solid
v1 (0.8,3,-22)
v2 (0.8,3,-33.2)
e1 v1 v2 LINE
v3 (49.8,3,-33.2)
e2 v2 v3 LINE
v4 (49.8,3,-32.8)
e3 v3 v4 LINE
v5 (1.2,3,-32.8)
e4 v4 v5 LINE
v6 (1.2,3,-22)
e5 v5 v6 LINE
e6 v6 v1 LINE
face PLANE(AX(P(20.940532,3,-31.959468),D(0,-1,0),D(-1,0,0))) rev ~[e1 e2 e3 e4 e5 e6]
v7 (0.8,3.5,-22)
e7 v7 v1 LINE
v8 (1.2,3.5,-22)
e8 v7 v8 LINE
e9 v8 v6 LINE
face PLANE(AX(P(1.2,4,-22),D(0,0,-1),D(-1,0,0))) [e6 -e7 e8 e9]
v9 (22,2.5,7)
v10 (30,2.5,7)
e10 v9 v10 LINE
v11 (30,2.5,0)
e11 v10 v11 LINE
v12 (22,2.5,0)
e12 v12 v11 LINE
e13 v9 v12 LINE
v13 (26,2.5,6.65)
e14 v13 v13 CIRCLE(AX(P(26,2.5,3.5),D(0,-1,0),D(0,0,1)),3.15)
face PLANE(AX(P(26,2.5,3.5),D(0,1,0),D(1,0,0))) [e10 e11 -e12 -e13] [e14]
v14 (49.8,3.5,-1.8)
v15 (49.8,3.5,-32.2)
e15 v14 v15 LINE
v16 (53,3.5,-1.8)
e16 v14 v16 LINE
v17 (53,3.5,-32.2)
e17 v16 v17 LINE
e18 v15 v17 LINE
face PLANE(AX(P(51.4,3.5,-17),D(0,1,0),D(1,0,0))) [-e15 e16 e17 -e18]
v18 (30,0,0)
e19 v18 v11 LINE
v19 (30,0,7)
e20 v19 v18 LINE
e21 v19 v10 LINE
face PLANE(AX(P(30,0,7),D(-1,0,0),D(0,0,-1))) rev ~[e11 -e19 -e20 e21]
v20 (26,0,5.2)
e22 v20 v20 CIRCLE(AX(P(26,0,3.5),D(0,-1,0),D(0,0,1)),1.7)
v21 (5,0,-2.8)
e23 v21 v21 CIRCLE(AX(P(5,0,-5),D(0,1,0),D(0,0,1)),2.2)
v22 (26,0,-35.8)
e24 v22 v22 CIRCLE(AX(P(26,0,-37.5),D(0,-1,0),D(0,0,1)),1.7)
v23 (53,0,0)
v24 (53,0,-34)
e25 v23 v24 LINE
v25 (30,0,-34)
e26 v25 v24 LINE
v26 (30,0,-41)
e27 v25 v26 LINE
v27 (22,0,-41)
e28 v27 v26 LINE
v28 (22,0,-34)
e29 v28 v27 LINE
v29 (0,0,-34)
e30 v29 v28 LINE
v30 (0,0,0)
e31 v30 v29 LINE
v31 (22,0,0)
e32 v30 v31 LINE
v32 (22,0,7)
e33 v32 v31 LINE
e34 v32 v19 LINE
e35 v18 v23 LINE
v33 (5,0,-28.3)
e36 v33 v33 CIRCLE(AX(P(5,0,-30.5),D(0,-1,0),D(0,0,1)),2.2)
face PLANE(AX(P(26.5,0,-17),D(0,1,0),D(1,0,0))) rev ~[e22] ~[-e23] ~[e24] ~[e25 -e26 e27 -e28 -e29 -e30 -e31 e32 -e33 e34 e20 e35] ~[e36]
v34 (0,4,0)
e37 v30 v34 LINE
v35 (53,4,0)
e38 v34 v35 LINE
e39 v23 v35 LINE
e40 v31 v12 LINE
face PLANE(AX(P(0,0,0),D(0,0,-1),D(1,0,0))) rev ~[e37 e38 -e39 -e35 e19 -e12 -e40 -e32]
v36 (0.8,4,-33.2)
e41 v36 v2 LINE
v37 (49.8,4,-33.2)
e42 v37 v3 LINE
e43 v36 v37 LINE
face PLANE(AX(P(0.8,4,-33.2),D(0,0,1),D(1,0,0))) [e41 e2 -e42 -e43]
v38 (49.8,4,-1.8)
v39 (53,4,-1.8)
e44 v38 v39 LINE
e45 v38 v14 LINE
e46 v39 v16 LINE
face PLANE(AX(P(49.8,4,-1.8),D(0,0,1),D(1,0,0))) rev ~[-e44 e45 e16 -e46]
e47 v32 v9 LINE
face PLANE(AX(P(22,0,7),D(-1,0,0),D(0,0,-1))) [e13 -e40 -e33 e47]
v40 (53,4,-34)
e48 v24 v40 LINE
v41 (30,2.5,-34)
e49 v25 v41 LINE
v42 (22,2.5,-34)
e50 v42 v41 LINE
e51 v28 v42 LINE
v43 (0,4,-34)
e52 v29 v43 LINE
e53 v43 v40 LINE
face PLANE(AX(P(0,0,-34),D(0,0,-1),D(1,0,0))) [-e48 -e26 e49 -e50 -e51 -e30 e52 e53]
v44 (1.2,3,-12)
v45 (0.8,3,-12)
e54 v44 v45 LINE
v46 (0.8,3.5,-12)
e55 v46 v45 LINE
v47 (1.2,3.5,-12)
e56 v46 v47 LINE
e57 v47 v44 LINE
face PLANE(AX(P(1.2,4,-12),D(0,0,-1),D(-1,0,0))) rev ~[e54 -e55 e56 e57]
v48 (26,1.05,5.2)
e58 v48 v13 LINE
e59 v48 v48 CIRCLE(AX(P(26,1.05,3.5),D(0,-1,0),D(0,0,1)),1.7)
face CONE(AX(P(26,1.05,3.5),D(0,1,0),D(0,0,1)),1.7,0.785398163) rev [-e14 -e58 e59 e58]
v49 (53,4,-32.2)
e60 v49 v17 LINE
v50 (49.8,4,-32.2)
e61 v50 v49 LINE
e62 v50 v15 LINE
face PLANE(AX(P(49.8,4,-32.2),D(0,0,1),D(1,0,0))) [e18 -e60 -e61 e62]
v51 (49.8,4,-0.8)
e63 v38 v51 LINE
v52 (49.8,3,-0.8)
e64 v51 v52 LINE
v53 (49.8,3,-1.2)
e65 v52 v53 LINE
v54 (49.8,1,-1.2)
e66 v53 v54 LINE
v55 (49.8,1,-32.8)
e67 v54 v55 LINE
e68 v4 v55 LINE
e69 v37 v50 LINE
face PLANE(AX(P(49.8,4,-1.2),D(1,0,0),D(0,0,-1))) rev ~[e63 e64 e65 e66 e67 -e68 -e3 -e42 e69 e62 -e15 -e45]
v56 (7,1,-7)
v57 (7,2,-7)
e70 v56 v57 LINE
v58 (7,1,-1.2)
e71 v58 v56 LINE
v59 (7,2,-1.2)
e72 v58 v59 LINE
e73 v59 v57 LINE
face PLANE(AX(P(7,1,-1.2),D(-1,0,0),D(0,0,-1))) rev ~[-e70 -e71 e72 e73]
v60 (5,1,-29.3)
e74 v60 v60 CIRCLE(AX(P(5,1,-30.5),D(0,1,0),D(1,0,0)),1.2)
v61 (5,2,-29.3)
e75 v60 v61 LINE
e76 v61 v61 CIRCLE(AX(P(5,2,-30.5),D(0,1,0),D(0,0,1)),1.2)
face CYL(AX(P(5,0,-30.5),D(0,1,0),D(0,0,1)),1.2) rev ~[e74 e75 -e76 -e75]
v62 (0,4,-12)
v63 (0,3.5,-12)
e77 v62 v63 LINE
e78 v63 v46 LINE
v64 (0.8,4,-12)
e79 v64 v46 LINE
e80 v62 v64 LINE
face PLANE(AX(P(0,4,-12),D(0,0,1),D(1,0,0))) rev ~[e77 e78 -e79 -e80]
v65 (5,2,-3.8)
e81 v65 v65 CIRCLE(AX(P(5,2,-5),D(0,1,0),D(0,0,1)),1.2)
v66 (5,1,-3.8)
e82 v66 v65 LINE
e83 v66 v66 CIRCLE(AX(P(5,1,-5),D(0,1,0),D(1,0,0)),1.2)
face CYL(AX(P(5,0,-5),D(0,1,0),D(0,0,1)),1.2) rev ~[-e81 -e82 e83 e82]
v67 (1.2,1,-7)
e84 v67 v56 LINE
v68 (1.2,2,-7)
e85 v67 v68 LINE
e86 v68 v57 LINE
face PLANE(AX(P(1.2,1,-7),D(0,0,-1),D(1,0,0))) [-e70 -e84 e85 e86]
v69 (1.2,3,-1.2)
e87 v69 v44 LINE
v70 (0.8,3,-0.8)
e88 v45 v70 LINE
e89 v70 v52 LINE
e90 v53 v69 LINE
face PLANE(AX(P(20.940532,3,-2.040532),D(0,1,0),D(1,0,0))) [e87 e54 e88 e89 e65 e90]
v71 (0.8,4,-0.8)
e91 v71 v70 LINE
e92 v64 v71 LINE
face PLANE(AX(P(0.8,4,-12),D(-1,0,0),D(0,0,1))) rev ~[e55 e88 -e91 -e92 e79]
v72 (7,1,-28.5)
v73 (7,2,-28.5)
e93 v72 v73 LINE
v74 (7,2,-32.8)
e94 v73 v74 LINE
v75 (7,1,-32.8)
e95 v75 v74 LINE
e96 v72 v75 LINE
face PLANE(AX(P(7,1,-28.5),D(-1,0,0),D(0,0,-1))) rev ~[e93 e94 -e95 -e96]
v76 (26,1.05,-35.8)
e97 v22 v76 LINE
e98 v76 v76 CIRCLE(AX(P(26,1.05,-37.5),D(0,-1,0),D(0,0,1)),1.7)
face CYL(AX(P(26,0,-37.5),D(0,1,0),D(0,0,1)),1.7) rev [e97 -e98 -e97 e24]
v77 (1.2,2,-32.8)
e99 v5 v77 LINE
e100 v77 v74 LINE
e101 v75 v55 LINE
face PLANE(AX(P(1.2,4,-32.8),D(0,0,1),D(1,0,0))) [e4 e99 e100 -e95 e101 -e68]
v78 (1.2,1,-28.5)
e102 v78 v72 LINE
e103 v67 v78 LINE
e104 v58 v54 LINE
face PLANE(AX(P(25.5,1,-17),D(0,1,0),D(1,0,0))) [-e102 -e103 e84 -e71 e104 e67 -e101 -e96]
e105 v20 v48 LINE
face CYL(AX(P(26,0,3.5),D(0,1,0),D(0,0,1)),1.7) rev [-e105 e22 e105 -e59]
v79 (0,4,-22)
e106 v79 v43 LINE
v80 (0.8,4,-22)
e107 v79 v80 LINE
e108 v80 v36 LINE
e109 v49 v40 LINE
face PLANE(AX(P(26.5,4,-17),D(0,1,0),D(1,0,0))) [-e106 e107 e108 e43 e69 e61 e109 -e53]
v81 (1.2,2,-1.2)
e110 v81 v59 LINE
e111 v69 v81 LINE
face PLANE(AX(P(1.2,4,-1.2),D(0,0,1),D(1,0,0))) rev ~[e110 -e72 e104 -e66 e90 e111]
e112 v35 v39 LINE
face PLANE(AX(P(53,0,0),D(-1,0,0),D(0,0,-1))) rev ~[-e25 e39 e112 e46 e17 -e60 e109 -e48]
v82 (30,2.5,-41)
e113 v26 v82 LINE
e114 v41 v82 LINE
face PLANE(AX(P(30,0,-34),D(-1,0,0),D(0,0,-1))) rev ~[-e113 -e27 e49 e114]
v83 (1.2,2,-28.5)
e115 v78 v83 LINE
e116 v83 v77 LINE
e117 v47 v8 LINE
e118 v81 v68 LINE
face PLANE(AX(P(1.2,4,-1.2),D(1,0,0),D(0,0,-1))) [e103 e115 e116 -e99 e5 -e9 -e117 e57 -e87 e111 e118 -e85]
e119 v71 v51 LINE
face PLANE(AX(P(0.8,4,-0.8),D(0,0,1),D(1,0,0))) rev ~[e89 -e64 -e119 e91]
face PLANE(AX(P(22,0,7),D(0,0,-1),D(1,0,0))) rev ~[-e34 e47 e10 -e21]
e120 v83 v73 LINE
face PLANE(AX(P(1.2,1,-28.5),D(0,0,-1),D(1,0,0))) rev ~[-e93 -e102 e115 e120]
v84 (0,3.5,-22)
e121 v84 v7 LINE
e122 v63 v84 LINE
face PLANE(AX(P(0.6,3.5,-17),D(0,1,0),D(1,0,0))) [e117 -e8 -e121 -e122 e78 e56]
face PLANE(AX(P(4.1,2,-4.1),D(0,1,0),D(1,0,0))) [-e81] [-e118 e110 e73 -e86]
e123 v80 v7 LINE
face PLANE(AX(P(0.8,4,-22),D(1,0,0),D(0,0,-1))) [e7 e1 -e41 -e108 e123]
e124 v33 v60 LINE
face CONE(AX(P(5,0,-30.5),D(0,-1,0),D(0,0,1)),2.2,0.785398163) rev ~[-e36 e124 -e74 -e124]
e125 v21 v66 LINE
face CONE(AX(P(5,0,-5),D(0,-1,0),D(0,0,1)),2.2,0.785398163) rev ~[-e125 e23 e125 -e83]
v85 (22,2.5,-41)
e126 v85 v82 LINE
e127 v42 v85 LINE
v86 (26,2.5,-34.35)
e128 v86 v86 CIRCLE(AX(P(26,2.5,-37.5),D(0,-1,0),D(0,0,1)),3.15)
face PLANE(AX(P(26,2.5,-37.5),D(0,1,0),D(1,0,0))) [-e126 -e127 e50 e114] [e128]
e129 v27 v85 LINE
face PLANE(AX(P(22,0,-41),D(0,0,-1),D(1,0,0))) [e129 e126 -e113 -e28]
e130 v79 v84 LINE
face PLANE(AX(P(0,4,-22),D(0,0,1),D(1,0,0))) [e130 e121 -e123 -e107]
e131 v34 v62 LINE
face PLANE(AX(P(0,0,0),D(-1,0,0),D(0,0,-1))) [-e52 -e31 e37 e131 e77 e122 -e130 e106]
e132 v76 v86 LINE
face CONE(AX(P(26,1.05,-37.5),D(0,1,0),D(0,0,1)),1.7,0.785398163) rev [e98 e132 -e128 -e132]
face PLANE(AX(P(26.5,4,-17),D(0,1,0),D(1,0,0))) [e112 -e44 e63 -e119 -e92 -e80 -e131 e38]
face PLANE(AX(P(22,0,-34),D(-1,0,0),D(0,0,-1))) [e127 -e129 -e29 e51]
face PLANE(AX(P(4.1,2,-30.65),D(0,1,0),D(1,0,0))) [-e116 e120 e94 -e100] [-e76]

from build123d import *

# Parameters (mm, degrees)
SKETCH1_W                                           = 53
SKETCH1_H                                           = 34
BOSS_EXTRUDE1_DEPTH                                 = 4
SKETCH2_W                                           = 8
SKETCH2_H                                           = 7
BOSS_EXTRUDE2_DEPTH                                 = 2.5
SKETCH3_W                                           = 48.6
SKETCH3_H                                           = 31.6
CUT_EXTRUDE1_DEPTH                                  = 3
SKETCH4_W                                           = 5.8
SKETCH4_H                                           = 4.3
SKETCH4_H_2                                         = 5.8
BOSS_EXTRUDE3_DEPTH                                 = 1
CUT_EXTRUDE2_DEPTH                                  = 1
SKETCH6_W                                           = 1.2
SKETCH6_H                                           = 10
SKETCH6_W_2                                         = 3.2
SKETCH6_H_2                                         = 30.4
CUT_EXTRUDE3_DEPTH                                  = 0.5
CSK_FOR_M3_COUNTERSUNK_FLAT_HEAD_SCR_2_COUNT        = 2
CSK_FOR_M3_COUNTERSUNK_FLAT_HEAD_SCR_2_PITCH        = 41
CSK_FOR_M2_COUNTERSUNK_FLAT_HEAD_SCREW1_D           = 2.4
CSK_FOR_M2_COUNTERSUNK_FLAT_HEAD_SCREW1_CSINK_D     = 4.4
CSK_FOR_M2_COUNTERSUNK_FLAT_HEAD_SCREW1_CSINK_ANGLE = 90


with BuildPart() as part:
    # Sketch1 → Boss-Extrude1 (new body)
    with BuildSketch(Plane(origin=(0, 0, 0), x_dir=(1, 0, 0), z_dir=(0, 1, 0))):
        with Locations((26.5, 17)):
            Rectangle(SKETCH1_W, SKETCH1_H)
    extrude(amount=BOSS_EXTRUDE1_DEPTH)

    # Sketch2 → Boss-Extrude2 (add)
    with BuildSketch(Plane(origin=(0, 0, 0), x_dir=(1, 0, 0), z_dir=(0, 1, 0))):
        with Locations((26, -3.5)):
            Rectangle(SKETCH2_W, SKETCH2_H)
        with Locations((26, 37.5)):
            Rectangle(SKETCH2_W, SKETCH2_H)
    extrude(amount=BOSS_EXTRUDE2_DEPTH)

    # Sketch3 → Cut-Extrude1 (cut)
    with BuildSketch(Plane(origin=(0, 4, 0), x_dir=(1, 0, 0), z_dir=(0, 1, 0))):
        with Locations((25.5, 17)):
            Rectangle(SKETCH3_W, SKETCH3_H)
    extrude(amount=-CUT_EXTRUDE1_DEPTH, mode=Mode.SUBTRACT)

    # Sketch4 → Boss-Extrude3 (add)
    with BuildSketch(Plane(origin=(0, 1, 0), x_dir=(1, 0, 0), z_dir=(0, 1, 0))):
        with Locations((4.1, 30.65)):
            Rectangle(SKETCH4_W, SKETCH4_H)
        with Locations((4.1, 4.1)):
            Rectangle(SKETCH4_W, SKETCH4_H_2)
    extrude(amount=BOSS_EXTRUDE3_DEPTH)

    # Sketch5 → Cut-Extrude2 (cut)
    with BuildSketch(Plane(origin=(0, 4, 0), x_dir=(1, 0, 0), z_dir=(0, 1, 0))):
        Polygon((49.8, 32.8), (1.2, 32.8), (1.2, 22), (0.8, 22), (0.8, 33.2), (49.8, 33.2), align=None)
        Polygon((49.8, 1.2), (1.2, 1.2), (1.2, 12), (0.8, 12), (0.8, 0.8), (49.8, 0.8), align=None)
    extrude(amount=-CUT_EXTRUDE2_DEPTH, mode=Mode.SUBTRACT)

    # Sketch6 → Cut-Extrude3 (cut)
    with BuildSketch(Plane(origin=(0, 4, 0), x_dir=(1, 0, 0), z_dir=(0, 1, 0))):
        with Locations((0.6, 17)):
            Rectangle(SKETCH6_W, SKETCH6_H)
        with Locations((51.4, 17)):
            Rectangle(SKETCH6_W_2, SKETCH6_H_2)
    extrude(amount=-CUT_EXTRUDE3_DEPTH, mode=Mode.SUBTRACT)

    # Sketch8 → CSK for M3 Countersunk Flat Head Screw1 (revolve, cut)
    with BuildSketch(Plane(origin=(26, 2.5, -37.5), x_dir=(0, 0, 1), z_dir=(1, 0, 0))):
        Polygon((0, 0), (0, 2.5), (1.7, 2.5), (1.7, 1.45), (3.15, 0), align=None)
    csk_for_m3_countersunk_flat_head_screw1 = revolve(axis=Axis((26, 8.85, -37.5), (0, -1, 0)), mode=Mode.SUBTRACT)

    # CSK for M3 Countersunk Flat Head Scr 2: CSK for M3 Countersunk Flat Head Screw1 ×2
    with Locations(*[(0, 0, i * CSK_FOR_M3_COUNTERSUNK_FLAT_HEAD_SCR_2_PITCH) for i in range(1, CSK_FOR_M3_COUNTERSUNK_FLAT_HEAD_SCR_2_COUNT)]):
        add(csk_for_m3_countersunk_flat_head_screw1, mode=Mode.SUBTRACT)

    # CSK for M2 Countersunk Flat Head Screw1 (through all)
    with Locations(Plane(origin=(5, 0, -5), x_dir=(0, 0, -1), z_dir=(0, -1, 0))):
        with Locations((0, 0), (25.5, 0)):
            CounterSinkHole(CSK_FOR_M2_COUNTERSUNK_FLAT_HEAD_SCREW1_D / 2, CSK_FOR_M2_COUNTERSUNK_FLAT_HEAD_SCREW1_CSINK_D / 2, counter_sink_angle=CSK_FOR_M2_COUNTERSUNK_FLAT_HEAD_SCREW1_CSINK_ANGLE)


solid = part.part
